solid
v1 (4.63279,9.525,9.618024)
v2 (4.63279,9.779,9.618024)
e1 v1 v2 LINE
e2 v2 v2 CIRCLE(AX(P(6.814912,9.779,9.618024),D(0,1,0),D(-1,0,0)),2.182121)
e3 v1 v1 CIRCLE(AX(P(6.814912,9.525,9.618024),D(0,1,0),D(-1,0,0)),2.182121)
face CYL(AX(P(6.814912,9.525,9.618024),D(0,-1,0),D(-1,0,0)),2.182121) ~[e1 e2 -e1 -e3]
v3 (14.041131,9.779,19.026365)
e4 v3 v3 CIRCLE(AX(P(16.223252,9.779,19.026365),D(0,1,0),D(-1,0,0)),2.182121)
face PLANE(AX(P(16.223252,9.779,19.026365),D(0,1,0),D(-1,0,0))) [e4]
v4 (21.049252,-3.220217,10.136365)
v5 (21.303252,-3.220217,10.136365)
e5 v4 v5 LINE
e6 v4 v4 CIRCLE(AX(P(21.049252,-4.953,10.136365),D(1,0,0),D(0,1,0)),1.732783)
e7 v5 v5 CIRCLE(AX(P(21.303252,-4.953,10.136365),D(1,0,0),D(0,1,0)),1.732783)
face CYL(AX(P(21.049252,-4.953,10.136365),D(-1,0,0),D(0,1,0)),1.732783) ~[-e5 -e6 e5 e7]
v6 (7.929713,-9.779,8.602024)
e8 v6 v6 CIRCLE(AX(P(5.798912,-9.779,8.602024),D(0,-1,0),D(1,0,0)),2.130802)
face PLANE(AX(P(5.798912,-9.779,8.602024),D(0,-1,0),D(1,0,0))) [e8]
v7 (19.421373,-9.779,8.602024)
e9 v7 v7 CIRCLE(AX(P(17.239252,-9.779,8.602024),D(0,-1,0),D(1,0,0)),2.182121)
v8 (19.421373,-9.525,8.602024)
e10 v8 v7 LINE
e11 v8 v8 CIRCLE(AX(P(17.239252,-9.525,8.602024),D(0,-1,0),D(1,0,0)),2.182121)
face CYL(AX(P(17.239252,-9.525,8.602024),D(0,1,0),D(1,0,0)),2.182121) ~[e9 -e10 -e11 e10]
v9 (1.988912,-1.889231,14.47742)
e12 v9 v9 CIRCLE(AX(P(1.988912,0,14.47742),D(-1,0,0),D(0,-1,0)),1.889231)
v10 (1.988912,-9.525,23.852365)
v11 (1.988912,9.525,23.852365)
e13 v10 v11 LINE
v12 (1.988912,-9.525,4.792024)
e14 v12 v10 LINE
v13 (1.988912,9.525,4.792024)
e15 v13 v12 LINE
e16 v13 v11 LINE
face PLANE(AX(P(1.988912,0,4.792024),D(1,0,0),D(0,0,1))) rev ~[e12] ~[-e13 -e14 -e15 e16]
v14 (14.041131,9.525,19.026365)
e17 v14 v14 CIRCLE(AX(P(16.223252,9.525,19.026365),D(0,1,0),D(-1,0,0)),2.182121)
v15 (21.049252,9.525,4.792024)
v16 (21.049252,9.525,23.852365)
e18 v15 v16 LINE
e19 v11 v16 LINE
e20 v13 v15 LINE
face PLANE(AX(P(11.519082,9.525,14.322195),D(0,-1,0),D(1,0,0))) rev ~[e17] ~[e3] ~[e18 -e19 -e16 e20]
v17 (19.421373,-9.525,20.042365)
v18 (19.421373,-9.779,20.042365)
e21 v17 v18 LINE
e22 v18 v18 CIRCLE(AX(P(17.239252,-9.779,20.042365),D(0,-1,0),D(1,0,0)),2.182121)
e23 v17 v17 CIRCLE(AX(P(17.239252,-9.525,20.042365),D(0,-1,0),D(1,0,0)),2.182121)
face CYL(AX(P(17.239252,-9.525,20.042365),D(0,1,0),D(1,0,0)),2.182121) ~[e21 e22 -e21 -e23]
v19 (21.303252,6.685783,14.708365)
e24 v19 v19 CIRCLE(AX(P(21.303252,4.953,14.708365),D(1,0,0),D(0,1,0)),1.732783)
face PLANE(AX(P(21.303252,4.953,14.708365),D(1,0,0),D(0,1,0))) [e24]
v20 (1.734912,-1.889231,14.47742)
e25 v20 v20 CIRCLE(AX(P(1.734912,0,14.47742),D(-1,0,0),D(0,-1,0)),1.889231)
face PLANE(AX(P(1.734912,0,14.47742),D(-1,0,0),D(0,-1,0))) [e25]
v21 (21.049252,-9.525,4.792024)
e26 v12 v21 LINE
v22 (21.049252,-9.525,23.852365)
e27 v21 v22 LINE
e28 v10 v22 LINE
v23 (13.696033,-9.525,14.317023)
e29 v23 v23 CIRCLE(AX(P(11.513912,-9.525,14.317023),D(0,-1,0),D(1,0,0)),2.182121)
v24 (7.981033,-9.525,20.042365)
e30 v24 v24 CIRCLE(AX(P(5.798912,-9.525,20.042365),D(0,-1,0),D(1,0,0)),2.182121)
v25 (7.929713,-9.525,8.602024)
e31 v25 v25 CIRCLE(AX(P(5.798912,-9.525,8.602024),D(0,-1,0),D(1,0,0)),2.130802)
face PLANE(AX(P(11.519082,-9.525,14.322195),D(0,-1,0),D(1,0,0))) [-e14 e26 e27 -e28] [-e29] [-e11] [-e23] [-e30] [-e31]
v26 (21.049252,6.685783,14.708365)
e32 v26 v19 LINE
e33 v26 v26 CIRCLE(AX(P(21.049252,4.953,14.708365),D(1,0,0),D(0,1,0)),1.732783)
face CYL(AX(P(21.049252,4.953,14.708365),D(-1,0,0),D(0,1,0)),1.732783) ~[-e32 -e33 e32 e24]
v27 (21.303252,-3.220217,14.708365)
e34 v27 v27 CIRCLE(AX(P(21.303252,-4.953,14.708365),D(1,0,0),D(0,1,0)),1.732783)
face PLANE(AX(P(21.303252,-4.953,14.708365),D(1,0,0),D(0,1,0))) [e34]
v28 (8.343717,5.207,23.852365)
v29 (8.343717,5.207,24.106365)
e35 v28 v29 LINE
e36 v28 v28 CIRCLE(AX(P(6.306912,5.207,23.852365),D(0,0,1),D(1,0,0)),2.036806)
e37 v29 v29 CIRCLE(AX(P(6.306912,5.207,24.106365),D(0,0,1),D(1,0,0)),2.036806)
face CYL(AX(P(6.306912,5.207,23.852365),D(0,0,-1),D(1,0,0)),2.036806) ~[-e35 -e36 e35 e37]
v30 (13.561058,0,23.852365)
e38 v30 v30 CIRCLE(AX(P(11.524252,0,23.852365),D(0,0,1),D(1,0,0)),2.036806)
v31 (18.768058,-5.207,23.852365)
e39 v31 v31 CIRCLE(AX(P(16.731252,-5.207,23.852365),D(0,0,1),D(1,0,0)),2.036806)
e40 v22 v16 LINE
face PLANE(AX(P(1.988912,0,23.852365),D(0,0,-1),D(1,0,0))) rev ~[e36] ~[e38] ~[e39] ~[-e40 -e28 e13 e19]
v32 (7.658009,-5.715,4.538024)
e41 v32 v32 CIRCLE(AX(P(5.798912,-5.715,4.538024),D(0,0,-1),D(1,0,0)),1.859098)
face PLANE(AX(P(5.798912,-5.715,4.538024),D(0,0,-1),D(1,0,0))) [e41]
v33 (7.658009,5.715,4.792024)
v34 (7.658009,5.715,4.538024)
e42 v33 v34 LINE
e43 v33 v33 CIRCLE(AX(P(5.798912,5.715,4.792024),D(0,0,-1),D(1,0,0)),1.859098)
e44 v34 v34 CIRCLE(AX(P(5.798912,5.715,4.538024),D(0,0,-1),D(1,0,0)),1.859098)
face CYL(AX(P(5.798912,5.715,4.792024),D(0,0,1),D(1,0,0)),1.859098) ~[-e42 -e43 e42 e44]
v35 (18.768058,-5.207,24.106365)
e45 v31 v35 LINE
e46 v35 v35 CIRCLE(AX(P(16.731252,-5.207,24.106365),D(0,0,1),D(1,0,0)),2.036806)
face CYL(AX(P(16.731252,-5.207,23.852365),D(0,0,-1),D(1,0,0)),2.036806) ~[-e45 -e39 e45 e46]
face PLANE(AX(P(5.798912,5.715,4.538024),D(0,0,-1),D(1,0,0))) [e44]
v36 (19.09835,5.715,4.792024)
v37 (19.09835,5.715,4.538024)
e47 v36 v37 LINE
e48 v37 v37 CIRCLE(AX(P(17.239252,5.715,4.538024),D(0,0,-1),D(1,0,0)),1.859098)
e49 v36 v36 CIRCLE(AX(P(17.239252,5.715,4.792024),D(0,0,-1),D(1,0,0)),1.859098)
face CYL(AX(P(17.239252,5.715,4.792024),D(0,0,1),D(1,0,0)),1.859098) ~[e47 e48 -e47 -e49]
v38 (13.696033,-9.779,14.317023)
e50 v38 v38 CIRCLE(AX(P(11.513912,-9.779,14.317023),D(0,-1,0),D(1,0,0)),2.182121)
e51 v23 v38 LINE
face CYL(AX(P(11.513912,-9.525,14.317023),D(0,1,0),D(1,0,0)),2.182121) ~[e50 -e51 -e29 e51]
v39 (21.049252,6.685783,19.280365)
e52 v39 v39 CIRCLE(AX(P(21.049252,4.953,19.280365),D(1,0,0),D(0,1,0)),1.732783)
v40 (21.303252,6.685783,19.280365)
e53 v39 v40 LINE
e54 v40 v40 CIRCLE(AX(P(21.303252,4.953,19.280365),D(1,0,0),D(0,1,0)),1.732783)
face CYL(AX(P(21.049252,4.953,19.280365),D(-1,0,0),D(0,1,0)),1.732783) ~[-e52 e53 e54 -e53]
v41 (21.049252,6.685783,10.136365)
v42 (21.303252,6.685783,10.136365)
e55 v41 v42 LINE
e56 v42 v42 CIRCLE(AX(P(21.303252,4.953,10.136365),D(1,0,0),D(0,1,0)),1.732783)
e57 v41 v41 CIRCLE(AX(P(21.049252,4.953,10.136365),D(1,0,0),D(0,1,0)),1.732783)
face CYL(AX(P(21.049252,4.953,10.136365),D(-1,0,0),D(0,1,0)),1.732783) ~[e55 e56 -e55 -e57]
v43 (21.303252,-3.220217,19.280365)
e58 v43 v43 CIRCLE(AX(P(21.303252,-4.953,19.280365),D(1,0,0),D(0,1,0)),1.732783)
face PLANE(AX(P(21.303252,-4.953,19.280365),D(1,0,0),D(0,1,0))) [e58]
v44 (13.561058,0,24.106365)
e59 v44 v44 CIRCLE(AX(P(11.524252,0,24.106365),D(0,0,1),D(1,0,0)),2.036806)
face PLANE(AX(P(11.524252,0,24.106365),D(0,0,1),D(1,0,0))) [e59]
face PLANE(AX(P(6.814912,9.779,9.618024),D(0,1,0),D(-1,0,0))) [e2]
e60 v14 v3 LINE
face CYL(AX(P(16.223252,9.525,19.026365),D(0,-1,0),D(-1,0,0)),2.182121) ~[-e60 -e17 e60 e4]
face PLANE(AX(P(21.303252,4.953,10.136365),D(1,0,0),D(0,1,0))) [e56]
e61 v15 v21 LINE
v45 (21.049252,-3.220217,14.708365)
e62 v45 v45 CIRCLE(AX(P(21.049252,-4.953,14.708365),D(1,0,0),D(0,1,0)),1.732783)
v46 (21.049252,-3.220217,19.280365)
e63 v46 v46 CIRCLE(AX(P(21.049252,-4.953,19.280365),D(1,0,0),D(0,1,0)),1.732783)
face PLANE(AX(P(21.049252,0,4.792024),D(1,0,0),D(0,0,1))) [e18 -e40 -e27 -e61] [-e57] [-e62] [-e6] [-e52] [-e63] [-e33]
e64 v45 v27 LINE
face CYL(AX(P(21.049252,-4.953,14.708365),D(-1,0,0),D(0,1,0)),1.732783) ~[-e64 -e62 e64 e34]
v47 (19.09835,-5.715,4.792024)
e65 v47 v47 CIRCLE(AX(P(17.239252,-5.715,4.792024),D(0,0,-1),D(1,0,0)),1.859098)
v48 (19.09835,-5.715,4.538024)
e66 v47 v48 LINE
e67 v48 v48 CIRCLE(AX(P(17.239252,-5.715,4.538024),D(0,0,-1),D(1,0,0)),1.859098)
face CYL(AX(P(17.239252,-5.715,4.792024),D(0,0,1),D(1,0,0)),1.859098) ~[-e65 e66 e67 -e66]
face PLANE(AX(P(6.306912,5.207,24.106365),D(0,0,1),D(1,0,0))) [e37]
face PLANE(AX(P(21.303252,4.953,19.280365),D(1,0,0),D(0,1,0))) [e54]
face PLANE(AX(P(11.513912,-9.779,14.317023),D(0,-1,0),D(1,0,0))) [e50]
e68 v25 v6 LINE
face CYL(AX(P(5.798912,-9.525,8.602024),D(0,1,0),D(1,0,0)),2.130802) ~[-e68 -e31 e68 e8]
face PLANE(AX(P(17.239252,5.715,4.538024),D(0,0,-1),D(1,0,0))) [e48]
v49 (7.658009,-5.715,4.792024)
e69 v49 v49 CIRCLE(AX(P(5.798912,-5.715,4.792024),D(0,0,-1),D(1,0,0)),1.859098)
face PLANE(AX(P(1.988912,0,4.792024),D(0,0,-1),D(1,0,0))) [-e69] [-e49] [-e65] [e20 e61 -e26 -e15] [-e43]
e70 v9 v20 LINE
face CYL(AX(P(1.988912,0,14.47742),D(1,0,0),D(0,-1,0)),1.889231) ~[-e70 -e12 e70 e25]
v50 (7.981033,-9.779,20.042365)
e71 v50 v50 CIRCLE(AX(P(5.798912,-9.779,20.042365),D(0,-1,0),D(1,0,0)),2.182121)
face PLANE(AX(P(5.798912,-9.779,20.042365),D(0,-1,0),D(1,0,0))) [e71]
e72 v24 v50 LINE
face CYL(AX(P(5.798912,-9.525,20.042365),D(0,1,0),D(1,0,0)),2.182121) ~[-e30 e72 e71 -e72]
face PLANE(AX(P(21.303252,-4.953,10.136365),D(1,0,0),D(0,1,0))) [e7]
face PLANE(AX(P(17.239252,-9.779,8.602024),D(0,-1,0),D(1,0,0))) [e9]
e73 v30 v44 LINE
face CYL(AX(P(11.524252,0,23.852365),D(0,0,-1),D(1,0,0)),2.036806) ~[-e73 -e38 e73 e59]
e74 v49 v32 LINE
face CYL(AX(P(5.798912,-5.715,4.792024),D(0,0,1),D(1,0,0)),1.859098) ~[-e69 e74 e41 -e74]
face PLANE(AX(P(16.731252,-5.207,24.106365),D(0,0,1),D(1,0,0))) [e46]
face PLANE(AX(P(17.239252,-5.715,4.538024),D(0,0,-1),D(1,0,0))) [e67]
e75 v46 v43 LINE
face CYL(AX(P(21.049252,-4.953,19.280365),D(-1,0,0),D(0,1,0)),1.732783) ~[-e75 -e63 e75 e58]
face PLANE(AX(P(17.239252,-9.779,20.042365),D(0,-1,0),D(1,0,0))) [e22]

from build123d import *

# Parameters (mm, degrees)
F0_W      = 19.06034071
F0_H      = 19.06034071
F1_DEPTH  = 9.525
F2_R      = 1.8892312699
F8_DEPTH  = 0.254
F3_R      = 1.7327827713
F9_DEPTH  = 0.254
F4_R      = 2.1821211745
F10_DEPTH = 0.254
F5_R      = 2.0368058648
F11_DEPTH = 0.254
F6_R      = 1.8590976902
F12_DEPTH = 0.254
F7_R      = 2.1308019233
F7_R_2    = 2.1821211745
F13_DEPTH = 0.254


with BuildPart() as f1:
    # F0 (on Front) → F1 (new body, symmetric)
    with BuildSketch(Plane.XZ):
        with Locations((11.5190818906, 14.3221947365)):
            Rectangle(F0_W, F0_H)
    extrude(amount=F1_DEPTH, both=True)

    # F2 (on face) → F8 (join)
    with BuildSketch(Plane(origin=(1.9889115356, 0, 0), x_dir=(0, -1, 0), z_dir=(-1, 0, 0))):
        with Locations((0, 14.4774196669)):
            Circle(F2_R)
    extrude(amount=F8_DEPTH)

    # F3 (on face) → F9 (join)
    with BuildSketch(Plane.YZ.offset(21.0492522456)):
        with Locations((-4.953, 19.2803650914)):
            Circle(F3_R)
        with Locations((4.953, 19.2803650914)):
            Circle(F3_R)
        with Locations((4.953, 10.1363650914)):
            Circle(F3_R)
        with Locations((-4.953, 10.1363650914)):
            Circle(F3_R)
        with Locations((-4.953, 14.7083650914)):
            Circle(F3_R)
        with Locations((4.953, 14.7083650914)):
            Circle(F3_R)
    extrude(amount=F9_DEPTH)

    # F4 (on face) → F10 (join)
    with BuildSketch(Plane(origin=(0, 9.525, 0), x_dir=(-1, 0, 0), z_dir=(0, 1, 0))):
        with Locations((-16.2232522456, 19.0263650914)):
            Circle(F4_R)
        with Locations((-6.8149115356, 9.6180243815)):
            Circle(F4_R)
    extrude(amount=F10_DEPTH)

    # F5 (on face) → F11 (join)
    with BuildSketch(Plane.XY.offset(23.8523650914)):
        with Locations((16.7312522456, -5.207)):
            Circle(F5_R)
        with Locations((11.5242522456, 0)):
            Circle(F5_R)
        with Locations((6.3069115356, 5.207)):
            Circle(F5_R)
    extrude(amount=F11_DEPTH)

    # F6 (on face) → F12 (join)
    with BuildSketch(Plane(origin=(0, 0, 4.7920243815), x_dir=(1, 0, 0), z_dir=(0, 0, -1))):
        with Locations((5.7989115356, 5.715)):
            Circle(F6_R)
        with Locations((17.2392522456, 5.715)):
            Circle(F6_R)
        with Locations((5.7989115356, -5.715)):
            Circle(F6_R)
        with Locations((17.2392522456, -5.715)):
            Circle(F6_R)
    extrude(amount=F12_DEPTH)

    # F7 (on face) → F13 (join)
    with BuildSketch(Plane.XZ.offset(9.525)):
        with Locations((5.7989115356, 8.6020243815)):
            Circle(F7_R)
        with Locations((17.2392522456, 20.0423650914)):
            Circle(F7_R_2)
        with Locations((5.7989115356, 20.0423650914)):
            Circle(F7_R_2)
        with Locations((17.2392522456, 8.6020243815)):
            Circle(F7_R_2)
        with Locations((11.5139115356, 14.3170229782)):
            Circle(F7_R_2)
    extrude(amount=F13_DEPTH)


solid = f1.part
